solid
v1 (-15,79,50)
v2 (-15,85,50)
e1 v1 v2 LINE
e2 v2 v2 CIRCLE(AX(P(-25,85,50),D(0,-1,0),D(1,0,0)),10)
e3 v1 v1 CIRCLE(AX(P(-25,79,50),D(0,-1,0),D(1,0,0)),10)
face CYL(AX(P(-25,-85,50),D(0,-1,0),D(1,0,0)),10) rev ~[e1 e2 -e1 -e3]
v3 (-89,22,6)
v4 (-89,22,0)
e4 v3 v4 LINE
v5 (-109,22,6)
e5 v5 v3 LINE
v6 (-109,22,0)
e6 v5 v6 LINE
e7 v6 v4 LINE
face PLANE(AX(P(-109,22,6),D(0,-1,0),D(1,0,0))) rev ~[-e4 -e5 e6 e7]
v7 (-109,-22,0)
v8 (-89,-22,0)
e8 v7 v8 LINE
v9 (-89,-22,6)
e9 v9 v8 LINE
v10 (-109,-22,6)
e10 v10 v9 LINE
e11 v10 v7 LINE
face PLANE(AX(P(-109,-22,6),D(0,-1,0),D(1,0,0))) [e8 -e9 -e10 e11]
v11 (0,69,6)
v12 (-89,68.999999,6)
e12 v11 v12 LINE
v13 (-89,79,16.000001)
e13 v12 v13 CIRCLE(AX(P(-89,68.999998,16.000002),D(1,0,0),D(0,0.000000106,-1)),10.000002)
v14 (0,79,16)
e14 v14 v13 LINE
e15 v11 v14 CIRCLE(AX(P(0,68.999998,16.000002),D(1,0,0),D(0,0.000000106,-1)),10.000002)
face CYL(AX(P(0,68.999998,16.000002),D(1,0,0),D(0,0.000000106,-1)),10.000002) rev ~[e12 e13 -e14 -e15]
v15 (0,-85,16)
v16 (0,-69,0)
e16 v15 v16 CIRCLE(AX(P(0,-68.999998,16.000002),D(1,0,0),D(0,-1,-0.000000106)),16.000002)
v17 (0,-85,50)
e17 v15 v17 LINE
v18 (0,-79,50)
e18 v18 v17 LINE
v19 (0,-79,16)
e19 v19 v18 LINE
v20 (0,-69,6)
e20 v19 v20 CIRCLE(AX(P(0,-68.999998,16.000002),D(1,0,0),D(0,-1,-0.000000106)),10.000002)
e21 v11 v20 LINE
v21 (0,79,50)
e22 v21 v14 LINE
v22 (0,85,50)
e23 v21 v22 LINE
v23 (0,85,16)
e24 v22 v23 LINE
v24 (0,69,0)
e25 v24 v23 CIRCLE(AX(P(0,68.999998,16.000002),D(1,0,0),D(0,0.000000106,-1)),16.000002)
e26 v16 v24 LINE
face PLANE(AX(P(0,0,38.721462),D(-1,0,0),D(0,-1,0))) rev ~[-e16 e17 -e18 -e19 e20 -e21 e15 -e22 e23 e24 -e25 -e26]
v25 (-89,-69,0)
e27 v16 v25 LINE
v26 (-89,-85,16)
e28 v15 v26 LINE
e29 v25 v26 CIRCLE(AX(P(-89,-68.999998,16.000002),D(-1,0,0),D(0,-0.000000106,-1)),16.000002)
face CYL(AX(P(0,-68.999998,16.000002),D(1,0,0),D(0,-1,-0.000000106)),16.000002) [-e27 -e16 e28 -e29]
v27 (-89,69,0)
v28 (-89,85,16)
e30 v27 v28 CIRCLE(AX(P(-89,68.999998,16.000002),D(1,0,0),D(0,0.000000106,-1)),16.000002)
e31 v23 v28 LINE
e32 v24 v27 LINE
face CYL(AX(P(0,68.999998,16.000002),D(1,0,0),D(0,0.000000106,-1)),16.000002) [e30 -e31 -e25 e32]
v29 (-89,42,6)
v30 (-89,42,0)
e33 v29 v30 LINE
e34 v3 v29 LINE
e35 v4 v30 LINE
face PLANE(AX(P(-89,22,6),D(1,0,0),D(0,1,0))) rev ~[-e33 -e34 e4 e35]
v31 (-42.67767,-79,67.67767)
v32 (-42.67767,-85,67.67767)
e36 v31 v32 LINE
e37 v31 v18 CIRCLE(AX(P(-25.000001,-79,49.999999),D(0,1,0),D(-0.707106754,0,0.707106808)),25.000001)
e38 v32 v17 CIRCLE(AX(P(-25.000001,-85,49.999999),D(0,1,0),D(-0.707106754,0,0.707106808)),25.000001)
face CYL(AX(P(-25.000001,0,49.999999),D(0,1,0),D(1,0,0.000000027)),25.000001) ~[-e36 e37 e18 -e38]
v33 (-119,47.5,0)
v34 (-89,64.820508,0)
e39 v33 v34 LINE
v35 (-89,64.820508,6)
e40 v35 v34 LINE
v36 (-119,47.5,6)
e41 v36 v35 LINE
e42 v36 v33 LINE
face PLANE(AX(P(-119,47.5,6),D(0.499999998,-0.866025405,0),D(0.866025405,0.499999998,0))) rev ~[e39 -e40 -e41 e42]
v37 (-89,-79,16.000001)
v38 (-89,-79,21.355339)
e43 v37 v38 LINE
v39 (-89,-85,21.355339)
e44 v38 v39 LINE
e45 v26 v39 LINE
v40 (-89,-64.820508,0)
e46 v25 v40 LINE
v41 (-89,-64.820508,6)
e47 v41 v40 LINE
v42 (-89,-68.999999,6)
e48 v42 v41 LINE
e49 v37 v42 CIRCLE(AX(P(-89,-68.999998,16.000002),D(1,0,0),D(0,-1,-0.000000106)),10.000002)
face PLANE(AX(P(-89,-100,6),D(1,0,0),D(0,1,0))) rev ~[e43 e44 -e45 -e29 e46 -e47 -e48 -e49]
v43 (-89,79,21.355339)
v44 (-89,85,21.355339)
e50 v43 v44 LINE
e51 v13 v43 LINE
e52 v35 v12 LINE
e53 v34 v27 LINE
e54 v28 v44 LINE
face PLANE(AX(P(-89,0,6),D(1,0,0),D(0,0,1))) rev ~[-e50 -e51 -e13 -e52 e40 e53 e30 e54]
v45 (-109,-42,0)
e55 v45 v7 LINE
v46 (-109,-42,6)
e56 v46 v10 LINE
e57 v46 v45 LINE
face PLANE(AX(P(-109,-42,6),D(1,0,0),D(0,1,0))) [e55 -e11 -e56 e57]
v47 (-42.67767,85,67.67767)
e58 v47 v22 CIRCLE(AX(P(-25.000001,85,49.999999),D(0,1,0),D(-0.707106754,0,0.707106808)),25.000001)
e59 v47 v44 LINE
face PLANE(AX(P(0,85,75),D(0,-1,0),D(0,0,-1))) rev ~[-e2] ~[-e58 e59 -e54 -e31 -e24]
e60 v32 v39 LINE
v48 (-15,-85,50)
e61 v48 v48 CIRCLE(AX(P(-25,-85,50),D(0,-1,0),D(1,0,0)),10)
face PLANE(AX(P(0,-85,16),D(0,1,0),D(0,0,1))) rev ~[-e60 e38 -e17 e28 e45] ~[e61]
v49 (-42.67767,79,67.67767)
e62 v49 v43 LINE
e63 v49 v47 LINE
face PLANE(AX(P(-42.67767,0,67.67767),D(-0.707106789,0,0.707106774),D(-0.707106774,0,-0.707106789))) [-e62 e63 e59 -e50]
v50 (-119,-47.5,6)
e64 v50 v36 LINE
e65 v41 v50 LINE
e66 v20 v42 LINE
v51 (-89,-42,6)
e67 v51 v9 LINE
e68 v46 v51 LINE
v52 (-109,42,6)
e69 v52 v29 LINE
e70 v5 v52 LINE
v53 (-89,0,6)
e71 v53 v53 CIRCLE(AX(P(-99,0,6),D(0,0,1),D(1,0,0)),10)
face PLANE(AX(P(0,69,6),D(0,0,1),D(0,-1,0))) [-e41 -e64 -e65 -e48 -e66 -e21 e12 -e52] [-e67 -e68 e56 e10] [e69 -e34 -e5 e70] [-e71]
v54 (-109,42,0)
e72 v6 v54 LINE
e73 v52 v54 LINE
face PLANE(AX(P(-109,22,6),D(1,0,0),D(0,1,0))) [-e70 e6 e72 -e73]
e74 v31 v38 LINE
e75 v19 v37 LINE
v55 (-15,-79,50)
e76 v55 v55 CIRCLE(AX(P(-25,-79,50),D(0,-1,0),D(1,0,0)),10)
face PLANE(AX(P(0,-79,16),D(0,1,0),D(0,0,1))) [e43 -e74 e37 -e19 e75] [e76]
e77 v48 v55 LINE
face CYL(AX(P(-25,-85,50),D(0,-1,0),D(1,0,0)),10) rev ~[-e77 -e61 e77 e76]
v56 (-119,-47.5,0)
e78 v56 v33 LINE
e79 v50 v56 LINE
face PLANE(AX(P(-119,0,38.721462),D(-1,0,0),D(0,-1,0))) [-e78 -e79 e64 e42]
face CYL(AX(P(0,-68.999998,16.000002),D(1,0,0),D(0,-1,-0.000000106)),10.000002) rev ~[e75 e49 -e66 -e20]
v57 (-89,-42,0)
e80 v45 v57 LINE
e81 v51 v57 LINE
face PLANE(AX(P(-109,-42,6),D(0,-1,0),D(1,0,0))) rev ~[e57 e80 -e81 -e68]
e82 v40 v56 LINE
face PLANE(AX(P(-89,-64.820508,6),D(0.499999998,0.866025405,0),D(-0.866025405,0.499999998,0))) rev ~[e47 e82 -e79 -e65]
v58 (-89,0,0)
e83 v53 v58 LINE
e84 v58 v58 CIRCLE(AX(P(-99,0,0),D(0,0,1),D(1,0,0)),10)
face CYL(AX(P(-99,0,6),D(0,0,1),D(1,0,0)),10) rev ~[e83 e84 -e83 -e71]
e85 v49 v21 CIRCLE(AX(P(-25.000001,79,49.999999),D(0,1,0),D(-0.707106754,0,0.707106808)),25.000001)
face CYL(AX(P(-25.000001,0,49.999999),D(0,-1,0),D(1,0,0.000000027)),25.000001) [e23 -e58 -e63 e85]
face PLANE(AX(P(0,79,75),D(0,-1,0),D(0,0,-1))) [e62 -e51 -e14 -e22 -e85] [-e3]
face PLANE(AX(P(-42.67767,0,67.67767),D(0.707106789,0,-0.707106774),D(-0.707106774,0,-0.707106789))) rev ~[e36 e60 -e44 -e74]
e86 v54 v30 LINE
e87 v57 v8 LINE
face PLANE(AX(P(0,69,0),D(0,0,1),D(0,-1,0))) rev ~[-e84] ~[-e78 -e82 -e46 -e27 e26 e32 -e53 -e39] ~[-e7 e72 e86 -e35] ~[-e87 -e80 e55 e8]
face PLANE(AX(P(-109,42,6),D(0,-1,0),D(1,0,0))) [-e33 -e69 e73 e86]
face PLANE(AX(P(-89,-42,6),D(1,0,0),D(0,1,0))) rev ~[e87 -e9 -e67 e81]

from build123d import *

# Parameters (mm, degrees)
PAD_DEPTH            = 119
THICKNESS_T          = -6
SKETCH001_W          = 300
SKETCH001_H          = 200
POCKET_DEPTH         = 85.001
POCKET_DEPTH_BACK    = -85.001
SKETCH002_R          = 10
SKETCH002_W          = 20
SKETCH002_H          = 20
POCKET001_DEPTH      = 6.001
POCKET001_DEPTH_BACK = -69.001
SKETCH003_R          = 10
POCKET002_DEPTH      = 170.001


with BuildPart() as part:
    # Sketch (on YZ_Plane of Origin) → Pad (new body)
    with BuildSketch(Plane.YZ):
        with BuildLine():
            Line((-85, 75), (85, 75))
            Line((85, 75), (85, 16))
            ThreePointArc((69, 0), (80.313708, 4.686292), (85, 16))
            Line((69, 0), (-69, 0))
            ThreePointArc((-85, 16), (-80.313708, 4.686292), (-69, 0))
            Line((-85, 16), (-85, 75))
        make_face()
    extrude(amount=-PAD_DEPTH)

    # Thickness
    thickness_openings = [part.faces().sort_by_distance(p)[0] for p in [
        (-119, 0, 37.794908),
        (-59.5, 0, 75),
        (0, 0, 37.794908),
    ]]
    offset(amount=THICKNESS_T, openings=thickness_openings)

    # Sketch001 (on XZ_Plane of Origin) → Pocket (cut, two sides)
    with BuildSketch(Plane.XZ) as pocket_sk:
        Rectangle(SKETCH001_W, SKETCH001_H)
        with BuildLine():
            Line((0, 0), (0, 50))
            ThreePointArc((0, 50), (-15.432914, 73.096988), (-42.67767, 67.67767))
            Line((-42.67767, 67.67767), (-89, 21.355339))
            Line((-89, 6), (-89, 21.355339))
            Line((-89, 6), (-119, 6))
            Line((-119, 6), (-119, 0))
            Line((-119, 0), (0, 0))
        make_face(mode=Mode.SUBTRACT)
    extrude(amount=-POCKET_DEPTH, mode=Mode.SUBTRACT)
    extrude(pocket_sk.sketch, amount=-POCKET_DEPTH_BACK, mode=Mode.SUBTRACT)

    # Sketch002 (on Face16 of Pocket) → Pocket001 (cut, two sides)
    with BuildSketch(Plane.XY.offset(6)) as pocket001_sk:
        with Locations((-99, 0)):
            Circle(SKETCH002_R)
        Polygon((-89, 64.820508), (-89, 100), (-169, 100), (-169, -100), (-89, -100), (-89, -64.820508), (-119, -47.5), (-119, 47.5), align=None)
        with Locations((-99, 32)):
            Rectangle(SKETCH002_W, SKETCH002_H)
        with Locations((-99, -32)):
            Rectangle(SKETCH002_W, SKETCH002_H)
    extrude(amount=-POCKET001_DEPTH, mode=Mode.SUBTRACT)
    extrude(pocket001_sk.sketch, amount=-POCKET001_DEPTH_BACK, mode=Mode.SUBTRACT)

    # Sketch003 (on Face14 of Pocket001) → Pocket002 (cut, through all)
    with BuildSketch(Plane.XZ.offset(85)):
        with Locations((-25, 50)):
            Circle(SKETCH003_R)
    extrude(amount=-POCKET002_DEPTH, mode=Mode.SUBTRACT)


solid = part.part
